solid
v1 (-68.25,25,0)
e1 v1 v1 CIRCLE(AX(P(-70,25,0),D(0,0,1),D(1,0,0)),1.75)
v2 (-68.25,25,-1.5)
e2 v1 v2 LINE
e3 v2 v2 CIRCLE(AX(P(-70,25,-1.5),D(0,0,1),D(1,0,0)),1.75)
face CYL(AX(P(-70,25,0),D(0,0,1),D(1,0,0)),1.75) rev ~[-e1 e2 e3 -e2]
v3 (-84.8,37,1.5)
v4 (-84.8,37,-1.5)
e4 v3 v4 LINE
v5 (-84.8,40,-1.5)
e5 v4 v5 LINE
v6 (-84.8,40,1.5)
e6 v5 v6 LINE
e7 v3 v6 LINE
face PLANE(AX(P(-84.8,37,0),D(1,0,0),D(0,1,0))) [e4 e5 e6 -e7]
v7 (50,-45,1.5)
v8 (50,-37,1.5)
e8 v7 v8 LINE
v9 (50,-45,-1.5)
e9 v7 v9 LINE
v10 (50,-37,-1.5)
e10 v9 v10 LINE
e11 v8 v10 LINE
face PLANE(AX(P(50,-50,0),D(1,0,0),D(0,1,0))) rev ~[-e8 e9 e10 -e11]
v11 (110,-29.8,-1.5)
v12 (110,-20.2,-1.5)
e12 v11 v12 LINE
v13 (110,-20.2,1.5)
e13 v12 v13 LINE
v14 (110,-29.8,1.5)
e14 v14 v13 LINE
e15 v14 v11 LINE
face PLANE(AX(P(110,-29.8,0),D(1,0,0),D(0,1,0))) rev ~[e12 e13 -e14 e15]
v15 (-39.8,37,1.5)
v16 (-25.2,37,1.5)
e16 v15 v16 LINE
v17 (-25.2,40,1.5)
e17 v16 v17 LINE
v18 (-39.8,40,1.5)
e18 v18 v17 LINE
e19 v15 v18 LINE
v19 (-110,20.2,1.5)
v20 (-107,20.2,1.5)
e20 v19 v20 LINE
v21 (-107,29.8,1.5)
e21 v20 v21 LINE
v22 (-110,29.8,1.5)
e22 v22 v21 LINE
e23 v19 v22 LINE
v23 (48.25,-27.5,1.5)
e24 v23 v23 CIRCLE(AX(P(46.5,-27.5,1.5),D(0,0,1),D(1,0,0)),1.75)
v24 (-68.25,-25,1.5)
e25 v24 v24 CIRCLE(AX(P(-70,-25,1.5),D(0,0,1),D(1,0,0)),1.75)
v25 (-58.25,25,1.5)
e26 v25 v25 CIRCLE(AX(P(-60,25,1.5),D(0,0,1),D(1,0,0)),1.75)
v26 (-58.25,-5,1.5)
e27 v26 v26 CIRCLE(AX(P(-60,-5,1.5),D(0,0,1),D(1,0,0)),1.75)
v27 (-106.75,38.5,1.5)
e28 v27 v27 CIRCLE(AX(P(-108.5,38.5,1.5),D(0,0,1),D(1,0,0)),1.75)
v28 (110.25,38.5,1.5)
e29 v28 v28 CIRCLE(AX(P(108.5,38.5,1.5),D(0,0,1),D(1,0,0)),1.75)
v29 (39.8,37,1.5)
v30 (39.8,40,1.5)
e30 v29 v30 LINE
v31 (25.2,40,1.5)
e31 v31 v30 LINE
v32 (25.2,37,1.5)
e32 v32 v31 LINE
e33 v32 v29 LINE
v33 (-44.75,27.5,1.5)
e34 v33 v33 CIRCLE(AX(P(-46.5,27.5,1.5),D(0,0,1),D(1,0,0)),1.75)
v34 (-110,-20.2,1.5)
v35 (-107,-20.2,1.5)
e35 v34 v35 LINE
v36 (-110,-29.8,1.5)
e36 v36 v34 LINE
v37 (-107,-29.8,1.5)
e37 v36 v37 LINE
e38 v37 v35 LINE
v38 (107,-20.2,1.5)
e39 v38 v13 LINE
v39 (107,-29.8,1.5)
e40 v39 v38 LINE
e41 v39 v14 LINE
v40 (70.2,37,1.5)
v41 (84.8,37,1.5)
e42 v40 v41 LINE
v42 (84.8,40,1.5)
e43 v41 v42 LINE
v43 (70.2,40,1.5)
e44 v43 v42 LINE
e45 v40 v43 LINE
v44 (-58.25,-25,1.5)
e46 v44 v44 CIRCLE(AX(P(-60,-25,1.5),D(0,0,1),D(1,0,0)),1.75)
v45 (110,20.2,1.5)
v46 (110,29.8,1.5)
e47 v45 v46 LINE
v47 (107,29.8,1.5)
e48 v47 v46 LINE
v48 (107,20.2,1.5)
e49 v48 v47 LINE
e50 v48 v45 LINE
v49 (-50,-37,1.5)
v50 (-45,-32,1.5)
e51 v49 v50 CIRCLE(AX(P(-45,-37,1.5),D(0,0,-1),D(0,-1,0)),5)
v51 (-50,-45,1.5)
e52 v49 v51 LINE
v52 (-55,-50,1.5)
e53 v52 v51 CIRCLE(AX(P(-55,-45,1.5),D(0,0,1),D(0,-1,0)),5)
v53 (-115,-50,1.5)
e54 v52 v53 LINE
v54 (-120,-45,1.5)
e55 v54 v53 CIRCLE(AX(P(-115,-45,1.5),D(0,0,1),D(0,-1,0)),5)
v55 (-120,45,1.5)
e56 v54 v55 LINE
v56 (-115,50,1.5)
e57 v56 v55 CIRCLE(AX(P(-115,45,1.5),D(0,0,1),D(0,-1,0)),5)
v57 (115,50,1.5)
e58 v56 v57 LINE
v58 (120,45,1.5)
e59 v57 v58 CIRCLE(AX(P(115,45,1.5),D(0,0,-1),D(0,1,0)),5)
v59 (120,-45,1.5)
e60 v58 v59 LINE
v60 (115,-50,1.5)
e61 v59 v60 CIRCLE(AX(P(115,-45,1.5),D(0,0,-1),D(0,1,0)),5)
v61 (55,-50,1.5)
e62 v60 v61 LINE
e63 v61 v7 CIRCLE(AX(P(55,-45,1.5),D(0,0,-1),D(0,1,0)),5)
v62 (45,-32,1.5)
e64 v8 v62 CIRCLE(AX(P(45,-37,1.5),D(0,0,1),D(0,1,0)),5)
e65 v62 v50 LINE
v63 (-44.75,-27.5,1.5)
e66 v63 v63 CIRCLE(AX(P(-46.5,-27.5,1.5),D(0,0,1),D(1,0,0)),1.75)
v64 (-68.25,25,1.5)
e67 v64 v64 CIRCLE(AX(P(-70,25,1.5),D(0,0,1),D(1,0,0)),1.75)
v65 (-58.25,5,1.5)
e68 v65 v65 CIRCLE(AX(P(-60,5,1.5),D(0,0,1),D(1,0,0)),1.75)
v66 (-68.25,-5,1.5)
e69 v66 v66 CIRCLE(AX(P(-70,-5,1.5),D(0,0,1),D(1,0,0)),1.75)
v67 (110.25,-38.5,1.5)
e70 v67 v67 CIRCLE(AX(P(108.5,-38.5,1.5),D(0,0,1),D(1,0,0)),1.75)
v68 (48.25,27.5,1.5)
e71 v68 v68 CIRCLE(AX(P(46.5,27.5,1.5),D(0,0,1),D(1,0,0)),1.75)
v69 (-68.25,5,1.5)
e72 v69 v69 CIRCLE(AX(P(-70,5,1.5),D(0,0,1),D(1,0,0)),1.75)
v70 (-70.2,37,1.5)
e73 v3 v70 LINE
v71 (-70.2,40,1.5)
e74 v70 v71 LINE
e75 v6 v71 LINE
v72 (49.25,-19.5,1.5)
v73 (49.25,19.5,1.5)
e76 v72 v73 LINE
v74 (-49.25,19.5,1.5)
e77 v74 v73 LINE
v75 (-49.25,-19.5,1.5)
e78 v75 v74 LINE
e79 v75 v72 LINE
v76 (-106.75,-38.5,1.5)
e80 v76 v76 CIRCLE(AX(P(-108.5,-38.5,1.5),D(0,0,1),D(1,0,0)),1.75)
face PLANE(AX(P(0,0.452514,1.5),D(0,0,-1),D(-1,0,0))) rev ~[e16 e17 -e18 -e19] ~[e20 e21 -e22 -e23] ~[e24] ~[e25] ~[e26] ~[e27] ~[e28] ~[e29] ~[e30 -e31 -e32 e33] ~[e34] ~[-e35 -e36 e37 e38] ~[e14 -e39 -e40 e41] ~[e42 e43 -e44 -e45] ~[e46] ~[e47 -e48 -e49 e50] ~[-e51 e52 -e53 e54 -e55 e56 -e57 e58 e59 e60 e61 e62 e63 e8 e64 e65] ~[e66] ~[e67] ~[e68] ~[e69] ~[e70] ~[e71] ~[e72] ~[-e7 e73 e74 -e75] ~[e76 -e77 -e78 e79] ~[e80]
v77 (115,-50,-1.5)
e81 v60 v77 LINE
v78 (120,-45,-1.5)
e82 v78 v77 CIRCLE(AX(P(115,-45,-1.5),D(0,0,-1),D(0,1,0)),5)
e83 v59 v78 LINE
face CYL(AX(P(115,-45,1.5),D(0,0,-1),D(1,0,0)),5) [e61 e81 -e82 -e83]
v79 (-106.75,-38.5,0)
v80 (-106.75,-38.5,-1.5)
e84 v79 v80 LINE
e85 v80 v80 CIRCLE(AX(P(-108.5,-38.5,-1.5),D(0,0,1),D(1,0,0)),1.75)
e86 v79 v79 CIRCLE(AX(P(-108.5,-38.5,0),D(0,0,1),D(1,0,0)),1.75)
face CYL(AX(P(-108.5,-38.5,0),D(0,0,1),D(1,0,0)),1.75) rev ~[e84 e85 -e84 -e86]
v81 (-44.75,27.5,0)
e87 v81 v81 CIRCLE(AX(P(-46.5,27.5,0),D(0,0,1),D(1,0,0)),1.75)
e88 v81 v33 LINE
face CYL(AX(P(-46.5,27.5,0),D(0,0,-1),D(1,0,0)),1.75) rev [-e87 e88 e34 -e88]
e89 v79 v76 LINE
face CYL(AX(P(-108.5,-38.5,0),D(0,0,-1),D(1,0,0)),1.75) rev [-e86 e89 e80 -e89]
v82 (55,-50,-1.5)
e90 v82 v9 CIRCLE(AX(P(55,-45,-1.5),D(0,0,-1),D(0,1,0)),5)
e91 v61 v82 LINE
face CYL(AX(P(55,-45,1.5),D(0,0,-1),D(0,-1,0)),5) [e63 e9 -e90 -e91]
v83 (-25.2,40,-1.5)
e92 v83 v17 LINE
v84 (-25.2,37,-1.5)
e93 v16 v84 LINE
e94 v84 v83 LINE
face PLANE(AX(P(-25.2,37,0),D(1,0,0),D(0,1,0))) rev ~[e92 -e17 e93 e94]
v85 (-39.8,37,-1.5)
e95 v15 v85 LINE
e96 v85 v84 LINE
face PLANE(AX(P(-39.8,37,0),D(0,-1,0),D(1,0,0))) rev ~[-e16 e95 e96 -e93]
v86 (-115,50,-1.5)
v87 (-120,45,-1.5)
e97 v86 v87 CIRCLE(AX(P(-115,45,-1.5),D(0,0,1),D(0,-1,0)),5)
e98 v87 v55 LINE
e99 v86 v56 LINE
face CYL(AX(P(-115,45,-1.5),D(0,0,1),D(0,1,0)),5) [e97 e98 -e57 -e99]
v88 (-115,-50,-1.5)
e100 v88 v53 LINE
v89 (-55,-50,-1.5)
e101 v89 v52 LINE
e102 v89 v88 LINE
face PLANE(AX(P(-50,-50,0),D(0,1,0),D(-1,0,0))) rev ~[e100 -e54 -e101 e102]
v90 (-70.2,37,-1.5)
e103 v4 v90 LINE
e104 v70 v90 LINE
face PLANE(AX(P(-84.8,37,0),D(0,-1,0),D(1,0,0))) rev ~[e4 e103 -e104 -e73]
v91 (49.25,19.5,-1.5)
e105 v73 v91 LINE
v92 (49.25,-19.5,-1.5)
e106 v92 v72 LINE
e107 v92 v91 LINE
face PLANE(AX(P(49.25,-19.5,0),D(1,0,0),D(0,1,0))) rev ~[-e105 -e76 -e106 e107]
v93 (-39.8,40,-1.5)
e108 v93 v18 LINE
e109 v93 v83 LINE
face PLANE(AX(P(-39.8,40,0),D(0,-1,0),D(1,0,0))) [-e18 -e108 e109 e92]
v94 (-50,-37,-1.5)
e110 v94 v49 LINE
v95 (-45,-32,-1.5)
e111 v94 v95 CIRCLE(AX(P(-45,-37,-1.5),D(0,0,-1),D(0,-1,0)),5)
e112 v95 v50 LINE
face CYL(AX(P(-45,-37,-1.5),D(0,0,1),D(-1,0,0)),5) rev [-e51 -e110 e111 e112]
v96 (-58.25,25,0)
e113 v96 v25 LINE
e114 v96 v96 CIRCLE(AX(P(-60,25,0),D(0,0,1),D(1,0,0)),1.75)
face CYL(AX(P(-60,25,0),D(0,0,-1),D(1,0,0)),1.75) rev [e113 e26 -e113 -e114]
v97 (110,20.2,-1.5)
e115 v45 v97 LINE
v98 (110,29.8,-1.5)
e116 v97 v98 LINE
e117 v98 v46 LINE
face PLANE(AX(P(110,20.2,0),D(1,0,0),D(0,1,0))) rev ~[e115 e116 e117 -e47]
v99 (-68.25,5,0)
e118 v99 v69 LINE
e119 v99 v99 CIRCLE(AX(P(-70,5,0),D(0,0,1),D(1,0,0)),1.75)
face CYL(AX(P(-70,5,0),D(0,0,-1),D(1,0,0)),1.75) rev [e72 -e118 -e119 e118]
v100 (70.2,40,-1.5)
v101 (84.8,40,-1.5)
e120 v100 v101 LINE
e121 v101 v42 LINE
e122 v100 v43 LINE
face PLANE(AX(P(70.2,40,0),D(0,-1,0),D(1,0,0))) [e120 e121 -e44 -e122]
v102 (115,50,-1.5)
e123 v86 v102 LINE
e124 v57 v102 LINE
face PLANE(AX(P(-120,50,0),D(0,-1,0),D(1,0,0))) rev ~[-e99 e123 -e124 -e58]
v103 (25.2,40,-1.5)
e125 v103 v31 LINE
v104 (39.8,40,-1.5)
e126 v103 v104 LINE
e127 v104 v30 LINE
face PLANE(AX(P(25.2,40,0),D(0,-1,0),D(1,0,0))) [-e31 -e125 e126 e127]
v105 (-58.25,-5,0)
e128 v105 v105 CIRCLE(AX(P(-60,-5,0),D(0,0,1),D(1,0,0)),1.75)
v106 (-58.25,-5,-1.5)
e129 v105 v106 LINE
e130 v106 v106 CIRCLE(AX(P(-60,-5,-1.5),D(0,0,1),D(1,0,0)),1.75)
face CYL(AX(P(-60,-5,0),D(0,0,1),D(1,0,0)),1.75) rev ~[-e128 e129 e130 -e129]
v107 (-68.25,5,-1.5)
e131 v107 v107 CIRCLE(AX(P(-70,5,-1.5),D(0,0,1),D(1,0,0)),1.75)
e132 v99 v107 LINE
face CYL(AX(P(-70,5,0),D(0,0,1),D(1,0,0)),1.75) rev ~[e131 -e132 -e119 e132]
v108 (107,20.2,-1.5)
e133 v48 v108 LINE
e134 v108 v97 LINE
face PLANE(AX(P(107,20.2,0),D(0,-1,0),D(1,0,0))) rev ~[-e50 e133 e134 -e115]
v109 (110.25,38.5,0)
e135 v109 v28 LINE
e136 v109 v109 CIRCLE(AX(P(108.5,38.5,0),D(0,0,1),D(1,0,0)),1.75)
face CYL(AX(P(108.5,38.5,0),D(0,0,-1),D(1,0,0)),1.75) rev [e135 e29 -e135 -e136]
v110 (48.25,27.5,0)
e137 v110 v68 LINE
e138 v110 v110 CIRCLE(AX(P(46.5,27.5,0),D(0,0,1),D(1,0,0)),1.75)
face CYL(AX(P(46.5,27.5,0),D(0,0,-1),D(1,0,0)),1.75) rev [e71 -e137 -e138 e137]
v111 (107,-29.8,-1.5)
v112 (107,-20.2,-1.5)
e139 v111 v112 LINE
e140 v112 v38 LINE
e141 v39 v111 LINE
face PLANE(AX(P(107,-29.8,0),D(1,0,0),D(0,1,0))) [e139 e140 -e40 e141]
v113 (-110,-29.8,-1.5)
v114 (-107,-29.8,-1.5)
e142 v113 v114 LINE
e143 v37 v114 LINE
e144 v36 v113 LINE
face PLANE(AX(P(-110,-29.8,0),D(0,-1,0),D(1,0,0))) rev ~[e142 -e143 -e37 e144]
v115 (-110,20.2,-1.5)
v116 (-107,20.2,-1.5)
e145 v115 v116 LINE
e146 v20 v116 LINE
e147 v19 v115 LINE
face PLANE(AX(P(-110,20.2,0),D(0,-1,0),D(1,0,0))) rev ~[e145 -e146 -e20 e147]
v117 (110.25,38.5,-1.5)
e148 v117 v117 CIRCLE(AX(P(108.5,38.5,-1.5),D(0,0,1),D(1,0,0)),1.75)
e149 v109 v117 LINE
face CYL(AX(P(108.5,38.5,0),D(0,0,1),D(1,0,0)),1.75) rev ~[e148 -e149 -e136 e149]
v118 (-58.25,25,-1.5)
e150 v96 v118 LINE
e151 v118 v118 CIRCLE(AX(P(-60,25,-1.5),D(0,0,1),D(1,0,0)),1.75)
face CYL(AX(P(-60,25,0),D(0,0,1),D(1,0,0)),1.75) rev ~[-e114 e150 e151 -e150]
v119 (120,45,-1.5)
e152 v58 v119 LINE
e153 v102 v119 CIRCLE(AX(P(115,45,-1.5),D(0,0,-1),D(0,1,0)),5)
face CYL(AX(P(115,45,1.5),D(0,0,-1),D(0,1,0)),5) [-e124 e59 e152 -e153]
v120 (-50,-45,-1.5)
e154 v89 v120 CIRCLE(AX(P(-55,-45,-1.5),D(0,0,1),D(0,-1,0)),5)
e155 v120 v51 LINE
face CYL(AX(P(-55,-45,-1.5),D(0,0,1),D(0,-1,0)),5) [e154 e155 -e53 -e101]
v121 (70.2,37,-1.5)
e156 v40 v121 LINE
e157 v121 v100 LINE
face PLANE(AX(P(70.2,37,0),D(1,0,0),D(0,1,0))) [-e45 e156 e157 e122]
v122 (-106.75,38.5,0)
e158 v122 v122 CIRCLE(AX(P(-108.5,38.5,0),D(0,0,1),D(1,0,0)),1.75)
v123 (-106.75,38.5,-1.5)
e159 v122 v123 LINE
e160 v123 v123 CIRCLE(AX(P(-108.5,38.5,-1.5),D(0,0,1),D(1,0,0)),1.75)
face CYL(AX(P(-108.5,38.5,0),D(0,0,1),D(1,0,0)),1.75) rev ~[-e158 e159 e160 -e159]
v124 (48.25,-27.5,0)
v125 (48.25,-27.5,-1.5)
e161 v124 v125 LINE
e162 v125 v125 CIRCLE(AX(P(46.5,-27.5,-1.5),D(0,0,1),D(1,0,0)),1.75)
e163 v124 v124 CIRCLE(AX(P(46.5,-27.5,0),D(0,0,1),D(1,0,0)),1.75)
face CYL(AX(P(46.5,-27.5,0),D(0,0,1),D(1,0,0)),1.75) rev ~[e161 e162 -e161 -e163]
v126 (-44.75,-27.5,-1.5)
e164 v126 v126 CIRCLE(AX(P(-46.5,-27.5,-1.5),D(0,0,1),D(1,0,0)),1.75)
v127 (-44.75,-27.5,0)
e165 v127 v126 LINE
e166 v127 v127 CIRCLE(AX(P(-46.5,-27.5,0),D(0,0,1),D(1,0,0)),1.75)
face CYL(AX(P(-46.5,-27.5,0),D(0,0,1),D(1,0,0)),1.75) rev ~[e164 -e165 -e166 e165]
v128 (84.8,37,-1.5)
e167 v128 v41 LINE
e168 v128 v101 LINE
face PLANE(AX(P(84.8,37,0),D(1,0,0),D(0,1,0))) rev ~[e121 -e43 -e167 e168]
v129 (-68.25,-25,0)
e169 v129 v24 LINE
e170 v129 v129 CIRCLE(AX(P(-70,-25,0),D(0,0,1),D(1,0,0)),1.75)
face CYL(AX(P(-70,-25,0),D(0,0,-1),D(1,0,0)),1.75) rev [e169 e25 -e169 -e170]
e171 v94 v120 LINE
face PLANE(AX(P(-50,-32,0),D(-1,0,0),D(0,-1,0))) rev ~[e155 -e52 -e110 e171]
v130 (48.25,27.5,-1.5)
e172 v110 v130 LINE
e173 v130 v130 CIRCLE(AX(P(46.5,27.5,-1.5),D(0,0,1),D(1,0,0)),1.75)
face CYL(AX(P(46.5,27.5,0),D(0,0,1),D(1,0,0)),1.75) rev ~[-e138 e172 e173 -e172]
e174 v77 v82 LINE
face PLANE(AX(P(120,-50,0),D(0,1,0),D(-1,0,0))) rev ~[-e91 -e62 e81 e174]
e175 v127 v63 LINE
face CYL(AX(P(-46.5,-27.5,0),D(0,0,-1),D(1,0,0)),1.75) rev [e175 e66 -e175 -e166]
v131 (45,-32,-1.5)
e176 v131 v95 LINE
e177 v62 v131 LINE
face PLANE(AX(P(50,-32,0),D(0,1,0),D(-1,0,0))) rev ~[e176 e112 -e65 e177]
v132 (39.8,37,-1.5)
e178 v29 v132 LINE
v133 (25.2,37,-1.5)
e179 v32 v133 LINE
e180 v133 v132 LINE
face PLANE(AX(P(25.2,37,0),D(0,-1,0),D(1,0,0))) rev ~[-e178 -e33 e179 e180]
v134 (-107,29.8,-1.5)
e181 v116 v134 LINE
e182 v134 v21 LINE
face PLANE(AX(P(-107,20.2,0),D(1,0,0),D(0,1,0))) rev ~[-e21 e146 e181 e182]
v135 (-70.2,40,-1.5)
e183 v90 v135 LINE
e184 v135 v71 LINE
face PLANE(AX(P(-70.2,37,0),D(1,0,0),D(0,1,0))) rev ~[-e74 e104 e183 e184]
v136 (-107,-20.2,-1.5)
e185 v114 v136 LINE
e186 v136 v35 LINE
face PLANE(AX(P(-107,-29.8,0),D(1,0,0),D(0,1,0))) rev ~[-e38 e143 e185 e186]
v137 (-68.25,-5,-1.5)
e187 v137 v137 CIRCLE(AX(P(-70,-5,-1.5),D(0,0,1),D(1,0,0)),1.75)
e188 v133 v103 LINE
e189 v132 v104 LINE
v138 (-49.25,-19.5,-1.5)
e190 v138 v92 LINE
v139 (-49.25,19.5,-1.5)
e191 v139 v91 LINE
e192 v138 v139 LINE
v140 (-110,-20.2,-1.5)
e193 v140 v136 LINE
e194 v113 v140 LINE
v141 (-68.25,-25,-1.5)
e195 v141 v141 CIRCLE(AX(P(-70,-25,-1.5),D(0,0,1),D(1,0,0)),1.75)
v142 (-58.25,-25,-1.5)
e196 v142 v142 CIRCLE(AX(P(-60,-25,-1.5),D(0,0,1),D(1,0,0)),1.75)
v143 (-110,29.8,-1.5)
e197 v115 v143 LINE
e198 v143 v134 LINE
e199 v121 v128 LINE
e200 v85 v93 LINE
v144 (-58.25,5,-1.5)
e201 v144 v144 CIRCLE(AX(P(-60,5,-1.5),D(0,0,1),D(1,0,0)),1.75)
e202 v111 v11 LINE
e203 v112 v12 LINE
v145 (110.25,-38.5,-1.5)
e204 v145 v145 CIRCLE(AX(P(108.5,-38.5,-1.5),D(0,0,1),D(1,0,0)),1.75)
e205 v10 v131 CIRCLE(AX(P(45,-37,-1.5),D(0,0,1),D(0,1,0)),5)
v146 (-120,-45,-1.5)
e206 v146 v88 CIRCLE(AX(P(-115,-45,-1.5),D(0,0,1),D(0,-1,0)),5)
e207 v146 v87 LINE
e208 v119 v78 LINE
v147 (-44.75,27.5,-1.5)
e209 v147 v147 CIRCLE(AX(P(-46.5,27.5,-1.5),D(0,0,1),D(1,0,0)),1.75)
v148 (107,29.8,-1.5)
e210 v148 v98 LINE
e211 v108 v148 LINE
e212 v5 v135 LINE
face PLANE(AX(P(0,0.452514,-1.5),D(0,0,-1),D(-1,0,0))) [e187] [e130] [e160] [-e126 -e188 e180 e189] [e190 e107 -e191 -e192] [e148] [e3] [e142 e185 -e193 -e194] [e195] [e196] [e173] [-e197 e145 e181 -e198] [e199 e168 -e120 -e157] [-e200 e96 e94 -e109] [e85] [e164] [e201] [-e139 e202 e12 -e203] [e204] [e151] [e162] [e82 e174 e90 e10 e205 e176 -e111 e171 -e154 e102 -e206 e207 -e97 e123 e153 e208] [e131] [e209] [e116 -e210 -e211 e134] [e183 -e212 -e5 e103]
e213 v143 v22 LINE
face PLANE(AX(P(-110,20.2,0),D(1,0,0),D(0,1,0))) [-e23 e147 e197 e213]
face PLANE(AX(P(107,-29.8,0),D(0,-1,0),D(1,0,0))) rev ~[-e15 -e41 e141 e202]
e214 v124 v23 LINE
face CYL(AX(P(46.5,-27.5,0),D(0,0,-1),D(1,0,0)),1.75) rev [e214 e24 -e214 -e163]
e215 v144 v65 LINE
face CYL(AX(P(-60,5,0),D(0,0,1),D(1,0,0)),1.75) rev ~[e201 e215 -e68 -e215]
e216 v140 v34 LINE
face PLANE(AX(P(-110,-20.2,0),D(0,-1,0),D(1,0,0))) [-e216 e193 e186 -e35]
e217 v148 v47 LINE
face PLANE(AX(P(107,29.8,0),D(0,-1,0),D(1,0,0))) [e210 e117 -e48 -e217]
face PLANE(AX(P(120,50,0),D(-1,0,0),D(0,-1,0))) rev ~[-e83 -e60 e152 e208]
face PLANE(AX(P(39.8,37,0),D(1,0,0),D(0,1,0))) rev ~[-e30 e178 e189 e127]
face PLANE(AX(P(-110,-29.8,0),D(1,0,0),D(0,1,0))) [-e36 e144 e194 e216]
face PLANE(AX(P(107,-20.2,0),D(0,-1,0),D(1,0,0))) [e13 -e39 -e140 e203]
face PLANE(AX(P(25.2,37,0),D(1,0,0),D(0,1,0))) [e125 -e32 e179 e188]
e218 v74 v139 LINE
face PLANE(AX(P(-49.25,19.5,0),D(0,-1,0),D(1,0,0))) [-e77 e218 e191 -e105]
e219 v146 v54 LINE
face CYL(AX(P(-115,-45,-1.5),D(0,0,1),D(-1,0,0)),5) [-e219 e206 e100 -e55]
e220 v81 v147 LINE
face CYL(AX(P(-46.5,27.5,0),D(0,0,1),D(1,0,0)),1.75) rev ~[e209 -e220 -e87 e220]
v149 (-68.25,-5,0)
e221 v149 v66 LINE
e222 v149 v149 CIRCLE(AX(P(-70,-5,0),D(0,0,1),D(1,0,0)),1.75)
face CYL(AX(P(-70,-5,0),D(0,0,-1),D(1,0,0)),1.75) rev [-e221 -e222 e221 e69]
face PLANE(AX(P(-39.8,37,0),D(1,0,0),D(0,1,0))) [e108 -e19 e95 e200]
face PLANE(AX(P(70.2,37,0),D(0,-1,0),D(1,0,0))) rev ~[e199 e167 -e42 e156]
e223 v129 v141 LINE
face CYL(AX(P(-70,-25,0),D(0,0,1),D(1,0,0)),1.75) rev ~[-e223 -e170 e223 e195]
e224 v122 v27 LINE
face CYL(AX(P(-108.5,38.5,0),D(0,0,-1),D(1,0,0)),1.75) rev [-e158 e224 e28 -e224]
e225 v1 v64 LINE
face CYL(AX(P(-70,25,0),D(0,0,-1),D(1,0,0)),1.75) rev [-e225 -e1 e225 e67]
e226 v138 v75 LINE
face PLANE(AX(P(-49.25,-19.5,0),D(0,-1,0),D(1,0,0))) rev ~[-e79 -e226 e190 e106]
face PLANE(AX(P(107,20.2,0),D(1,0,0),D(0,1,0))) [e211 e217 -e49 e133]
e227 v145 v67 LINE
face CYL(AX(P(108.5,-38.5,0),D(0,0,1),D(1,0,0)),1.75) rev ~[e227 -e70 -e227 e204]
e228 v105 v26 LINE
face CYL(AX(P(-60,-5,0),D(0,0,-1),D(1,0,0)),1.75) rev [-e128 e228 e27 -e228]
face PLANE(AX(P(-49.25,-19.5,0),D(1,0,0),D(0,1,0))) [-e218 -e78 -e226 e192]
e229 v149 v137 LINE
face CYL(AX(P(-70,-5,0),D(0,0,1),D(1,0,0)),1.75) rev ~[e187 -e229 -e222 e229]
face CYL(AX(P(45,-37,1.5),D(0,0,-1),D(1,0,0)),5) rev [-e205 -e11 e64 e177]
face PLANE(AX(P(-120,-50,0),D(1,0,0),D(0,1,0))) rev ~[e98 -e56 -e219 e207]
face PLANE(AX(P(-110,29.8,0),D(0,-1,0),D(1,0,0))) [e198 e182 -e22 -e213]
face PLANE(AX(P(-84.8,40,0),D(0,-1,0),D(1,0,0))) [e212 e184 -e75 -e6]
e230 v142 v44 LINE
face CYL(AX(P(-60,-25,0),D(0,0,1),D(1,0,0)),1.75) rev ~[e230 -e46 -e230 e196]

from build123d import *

# Parameters (mm, degrees)
SKETCH_R         = 1.75
PAD004_DEPTH     = 1.5
SKETCH001001_R   = 1.75
SKETCH001001_W   = 98.5
SKETCH001001_H   = 39
PAD005_DEPTH     = 1.5
SKETCH003002_R   = 1.75
PAD001_DEPTH     = 1.5
SKETCH003004_R   = 1.75
PAD002_DEPTH     = 1.5
SKETCH003003_W   = 3
SKETCH003003_H   = 9.6
SKETCH003003_W_2 = 14.6
SKETCH003003_H_2 = 3
PAD_DEPTH        = 1.5
FILLET_R         = 5


with BuildPart() as pad004:
    # Sketch → Pad004 (new body, symmetric)
    with BuildSketch(Plane.XY):
        with Locations((-108.5, 38.5)):
            Circle(SKETCH_R)
        with Locations((-108.5, -38.5)):
            Circle(SKETCH_R)
        with Locations((108.5, 38.5)):
            Circle(SKETCH_R)
        with Locations((108.5, -38.5)):
            Circle(SKETCH_R)
    extrude(amount=PAD004_DEPTH, both=True)


with BuildPart() as pad005:
    # Sketch001001 → Pad005 (new body, symmetric)
    with BuildSketch(Plane.XY):
        with Locations((46.5, 27.5)):
            Circle(SKETCH001001_R)
        with Locations((-46.5, 27.5)):
            Circle(SKETCH001001_R)
        with Locations((-46.5, -27.5)):
            Circle(SKETCH001001_R)
        with Locations((46.5, -27.5)):
            Circle(SKETCH001001_R)
        Rectangle(SKETCH001001_W, SKETCH001001_H)
    extrude(amount=PAD005_DEPTH, both=True)


with BuildPart() as pad001:
    # Sketch003002 → Pad001 (new body, symmetric)
    with BuildSketch(Plane.XY):
        with Locations((-70, -25)):
            Circle(SKETCH003002_R)
        with Locations((-70, -5)):
            Circle(SKETCH003002_R)
        with Locations((-60, -5)):
            Circle(SKETCH003002_R)
        with Locations((-60, -25)):
            Circle(SKETCH003002_R)
    extrude(amount=PAD001_DEPTH, both=True)


with BuildPart() as pad002:
    # Sketch003004 → Pad002 (new body, symmetric)
    with BuildSketch(Plane.XY):
        with Locations((-70, 5)):
            Circle(SKETCH003004_R)
        with Locations((-70, 25)):
            Circle(SKETCH003004_R)
        with Locations((-60, 25)):
            Circle(SKETCH003004_R)
        with Locations((-60, 5)):
            Circle(SKETCH003004_R)
    extrude(amount=PAD002_DEPTH, both=True)


with BuildPart() as fillet_body:
    # Sketch003003 → Pad (new body, symmetric)
    with BuildSketch(Plane.XY):
        Polygon((-120, 50), (120, 50), (120, -50), (50, -50), (50, -32), (-50, -32), (-50, -50), (-120, -50), align=None)
        with Locations((108.5, -25)):
            Rectangle(SKETCH003003_W, SKETCH003003_H, mode=Mode.SUBTRACT)
        with Locations((108.5, 25)):
            Rectangle(SKETCH003003_W, SKETCH003003_H, mode=Mode.SUBTRACT)
        with Locations((-108.5, 25)):
            Rectangle(SKETCH003003_W, SKETCH003003_H, mode=Mode.SUBTRACT)
        with Locations((-108.5, -25)):
            Rectangle(SKETCH003003_W, SKETCH003003_H, mode=Mode.SUBTRACT)
        with Locations((-77.5, 38.5)):
            Rectangle(SKETCH003003_W_2, SKETCH003003_H_2, mode=Mode.SUBTRACT)
        with Locations((-32.5, 38.5)):
            Rectangle(SKETCH003003_W_2, SKETCH003003_H_2, mode=Mode.SUBTRACT)
        with Locations((32.5, 38.5)):
            Rectangle(SKETCH003003_W_2, SKETCH003003_H_2, mode=Mode.SUBTRACT)
        with Locations((77.5, 38.5)):
            Rectangle(SKETCH003003_W_2, SKETCH003003_H_2, mode=Mode.SUBTRACT)
    extrude(amount=PAD_DEPTH, both=True)

    # Cut: cut Pad002
    add(pad002.part, mode=Mode.SUBTRACT)

    # Cut001: cut Pad001
    add(pad001.part, mode=Mode.SUBTRACT)

    # Cut002: cut Pad005
    add(pad005.part, mode=Mode.SUBTRACT)

    # Cut003: cut Pad004
    add(pad004.part, mode=Mode.SUBTRACT)

    # Fillet
    fillet_edges = [fillet_body.edges().sort_by_distance(p)[0] for p in [
        (50, -50, 0),
        (120, -50, 0),
        (50, -32, 0),
        (120, 50, 0),
        (-50, -32, 0),
        (-120, 50, 0),
        (-50, -50, 0),
        (-120, -50, 0),
    ]]
    fillet(fillet_edges, radius=FILLET_R)


solid = fillet_body.part
